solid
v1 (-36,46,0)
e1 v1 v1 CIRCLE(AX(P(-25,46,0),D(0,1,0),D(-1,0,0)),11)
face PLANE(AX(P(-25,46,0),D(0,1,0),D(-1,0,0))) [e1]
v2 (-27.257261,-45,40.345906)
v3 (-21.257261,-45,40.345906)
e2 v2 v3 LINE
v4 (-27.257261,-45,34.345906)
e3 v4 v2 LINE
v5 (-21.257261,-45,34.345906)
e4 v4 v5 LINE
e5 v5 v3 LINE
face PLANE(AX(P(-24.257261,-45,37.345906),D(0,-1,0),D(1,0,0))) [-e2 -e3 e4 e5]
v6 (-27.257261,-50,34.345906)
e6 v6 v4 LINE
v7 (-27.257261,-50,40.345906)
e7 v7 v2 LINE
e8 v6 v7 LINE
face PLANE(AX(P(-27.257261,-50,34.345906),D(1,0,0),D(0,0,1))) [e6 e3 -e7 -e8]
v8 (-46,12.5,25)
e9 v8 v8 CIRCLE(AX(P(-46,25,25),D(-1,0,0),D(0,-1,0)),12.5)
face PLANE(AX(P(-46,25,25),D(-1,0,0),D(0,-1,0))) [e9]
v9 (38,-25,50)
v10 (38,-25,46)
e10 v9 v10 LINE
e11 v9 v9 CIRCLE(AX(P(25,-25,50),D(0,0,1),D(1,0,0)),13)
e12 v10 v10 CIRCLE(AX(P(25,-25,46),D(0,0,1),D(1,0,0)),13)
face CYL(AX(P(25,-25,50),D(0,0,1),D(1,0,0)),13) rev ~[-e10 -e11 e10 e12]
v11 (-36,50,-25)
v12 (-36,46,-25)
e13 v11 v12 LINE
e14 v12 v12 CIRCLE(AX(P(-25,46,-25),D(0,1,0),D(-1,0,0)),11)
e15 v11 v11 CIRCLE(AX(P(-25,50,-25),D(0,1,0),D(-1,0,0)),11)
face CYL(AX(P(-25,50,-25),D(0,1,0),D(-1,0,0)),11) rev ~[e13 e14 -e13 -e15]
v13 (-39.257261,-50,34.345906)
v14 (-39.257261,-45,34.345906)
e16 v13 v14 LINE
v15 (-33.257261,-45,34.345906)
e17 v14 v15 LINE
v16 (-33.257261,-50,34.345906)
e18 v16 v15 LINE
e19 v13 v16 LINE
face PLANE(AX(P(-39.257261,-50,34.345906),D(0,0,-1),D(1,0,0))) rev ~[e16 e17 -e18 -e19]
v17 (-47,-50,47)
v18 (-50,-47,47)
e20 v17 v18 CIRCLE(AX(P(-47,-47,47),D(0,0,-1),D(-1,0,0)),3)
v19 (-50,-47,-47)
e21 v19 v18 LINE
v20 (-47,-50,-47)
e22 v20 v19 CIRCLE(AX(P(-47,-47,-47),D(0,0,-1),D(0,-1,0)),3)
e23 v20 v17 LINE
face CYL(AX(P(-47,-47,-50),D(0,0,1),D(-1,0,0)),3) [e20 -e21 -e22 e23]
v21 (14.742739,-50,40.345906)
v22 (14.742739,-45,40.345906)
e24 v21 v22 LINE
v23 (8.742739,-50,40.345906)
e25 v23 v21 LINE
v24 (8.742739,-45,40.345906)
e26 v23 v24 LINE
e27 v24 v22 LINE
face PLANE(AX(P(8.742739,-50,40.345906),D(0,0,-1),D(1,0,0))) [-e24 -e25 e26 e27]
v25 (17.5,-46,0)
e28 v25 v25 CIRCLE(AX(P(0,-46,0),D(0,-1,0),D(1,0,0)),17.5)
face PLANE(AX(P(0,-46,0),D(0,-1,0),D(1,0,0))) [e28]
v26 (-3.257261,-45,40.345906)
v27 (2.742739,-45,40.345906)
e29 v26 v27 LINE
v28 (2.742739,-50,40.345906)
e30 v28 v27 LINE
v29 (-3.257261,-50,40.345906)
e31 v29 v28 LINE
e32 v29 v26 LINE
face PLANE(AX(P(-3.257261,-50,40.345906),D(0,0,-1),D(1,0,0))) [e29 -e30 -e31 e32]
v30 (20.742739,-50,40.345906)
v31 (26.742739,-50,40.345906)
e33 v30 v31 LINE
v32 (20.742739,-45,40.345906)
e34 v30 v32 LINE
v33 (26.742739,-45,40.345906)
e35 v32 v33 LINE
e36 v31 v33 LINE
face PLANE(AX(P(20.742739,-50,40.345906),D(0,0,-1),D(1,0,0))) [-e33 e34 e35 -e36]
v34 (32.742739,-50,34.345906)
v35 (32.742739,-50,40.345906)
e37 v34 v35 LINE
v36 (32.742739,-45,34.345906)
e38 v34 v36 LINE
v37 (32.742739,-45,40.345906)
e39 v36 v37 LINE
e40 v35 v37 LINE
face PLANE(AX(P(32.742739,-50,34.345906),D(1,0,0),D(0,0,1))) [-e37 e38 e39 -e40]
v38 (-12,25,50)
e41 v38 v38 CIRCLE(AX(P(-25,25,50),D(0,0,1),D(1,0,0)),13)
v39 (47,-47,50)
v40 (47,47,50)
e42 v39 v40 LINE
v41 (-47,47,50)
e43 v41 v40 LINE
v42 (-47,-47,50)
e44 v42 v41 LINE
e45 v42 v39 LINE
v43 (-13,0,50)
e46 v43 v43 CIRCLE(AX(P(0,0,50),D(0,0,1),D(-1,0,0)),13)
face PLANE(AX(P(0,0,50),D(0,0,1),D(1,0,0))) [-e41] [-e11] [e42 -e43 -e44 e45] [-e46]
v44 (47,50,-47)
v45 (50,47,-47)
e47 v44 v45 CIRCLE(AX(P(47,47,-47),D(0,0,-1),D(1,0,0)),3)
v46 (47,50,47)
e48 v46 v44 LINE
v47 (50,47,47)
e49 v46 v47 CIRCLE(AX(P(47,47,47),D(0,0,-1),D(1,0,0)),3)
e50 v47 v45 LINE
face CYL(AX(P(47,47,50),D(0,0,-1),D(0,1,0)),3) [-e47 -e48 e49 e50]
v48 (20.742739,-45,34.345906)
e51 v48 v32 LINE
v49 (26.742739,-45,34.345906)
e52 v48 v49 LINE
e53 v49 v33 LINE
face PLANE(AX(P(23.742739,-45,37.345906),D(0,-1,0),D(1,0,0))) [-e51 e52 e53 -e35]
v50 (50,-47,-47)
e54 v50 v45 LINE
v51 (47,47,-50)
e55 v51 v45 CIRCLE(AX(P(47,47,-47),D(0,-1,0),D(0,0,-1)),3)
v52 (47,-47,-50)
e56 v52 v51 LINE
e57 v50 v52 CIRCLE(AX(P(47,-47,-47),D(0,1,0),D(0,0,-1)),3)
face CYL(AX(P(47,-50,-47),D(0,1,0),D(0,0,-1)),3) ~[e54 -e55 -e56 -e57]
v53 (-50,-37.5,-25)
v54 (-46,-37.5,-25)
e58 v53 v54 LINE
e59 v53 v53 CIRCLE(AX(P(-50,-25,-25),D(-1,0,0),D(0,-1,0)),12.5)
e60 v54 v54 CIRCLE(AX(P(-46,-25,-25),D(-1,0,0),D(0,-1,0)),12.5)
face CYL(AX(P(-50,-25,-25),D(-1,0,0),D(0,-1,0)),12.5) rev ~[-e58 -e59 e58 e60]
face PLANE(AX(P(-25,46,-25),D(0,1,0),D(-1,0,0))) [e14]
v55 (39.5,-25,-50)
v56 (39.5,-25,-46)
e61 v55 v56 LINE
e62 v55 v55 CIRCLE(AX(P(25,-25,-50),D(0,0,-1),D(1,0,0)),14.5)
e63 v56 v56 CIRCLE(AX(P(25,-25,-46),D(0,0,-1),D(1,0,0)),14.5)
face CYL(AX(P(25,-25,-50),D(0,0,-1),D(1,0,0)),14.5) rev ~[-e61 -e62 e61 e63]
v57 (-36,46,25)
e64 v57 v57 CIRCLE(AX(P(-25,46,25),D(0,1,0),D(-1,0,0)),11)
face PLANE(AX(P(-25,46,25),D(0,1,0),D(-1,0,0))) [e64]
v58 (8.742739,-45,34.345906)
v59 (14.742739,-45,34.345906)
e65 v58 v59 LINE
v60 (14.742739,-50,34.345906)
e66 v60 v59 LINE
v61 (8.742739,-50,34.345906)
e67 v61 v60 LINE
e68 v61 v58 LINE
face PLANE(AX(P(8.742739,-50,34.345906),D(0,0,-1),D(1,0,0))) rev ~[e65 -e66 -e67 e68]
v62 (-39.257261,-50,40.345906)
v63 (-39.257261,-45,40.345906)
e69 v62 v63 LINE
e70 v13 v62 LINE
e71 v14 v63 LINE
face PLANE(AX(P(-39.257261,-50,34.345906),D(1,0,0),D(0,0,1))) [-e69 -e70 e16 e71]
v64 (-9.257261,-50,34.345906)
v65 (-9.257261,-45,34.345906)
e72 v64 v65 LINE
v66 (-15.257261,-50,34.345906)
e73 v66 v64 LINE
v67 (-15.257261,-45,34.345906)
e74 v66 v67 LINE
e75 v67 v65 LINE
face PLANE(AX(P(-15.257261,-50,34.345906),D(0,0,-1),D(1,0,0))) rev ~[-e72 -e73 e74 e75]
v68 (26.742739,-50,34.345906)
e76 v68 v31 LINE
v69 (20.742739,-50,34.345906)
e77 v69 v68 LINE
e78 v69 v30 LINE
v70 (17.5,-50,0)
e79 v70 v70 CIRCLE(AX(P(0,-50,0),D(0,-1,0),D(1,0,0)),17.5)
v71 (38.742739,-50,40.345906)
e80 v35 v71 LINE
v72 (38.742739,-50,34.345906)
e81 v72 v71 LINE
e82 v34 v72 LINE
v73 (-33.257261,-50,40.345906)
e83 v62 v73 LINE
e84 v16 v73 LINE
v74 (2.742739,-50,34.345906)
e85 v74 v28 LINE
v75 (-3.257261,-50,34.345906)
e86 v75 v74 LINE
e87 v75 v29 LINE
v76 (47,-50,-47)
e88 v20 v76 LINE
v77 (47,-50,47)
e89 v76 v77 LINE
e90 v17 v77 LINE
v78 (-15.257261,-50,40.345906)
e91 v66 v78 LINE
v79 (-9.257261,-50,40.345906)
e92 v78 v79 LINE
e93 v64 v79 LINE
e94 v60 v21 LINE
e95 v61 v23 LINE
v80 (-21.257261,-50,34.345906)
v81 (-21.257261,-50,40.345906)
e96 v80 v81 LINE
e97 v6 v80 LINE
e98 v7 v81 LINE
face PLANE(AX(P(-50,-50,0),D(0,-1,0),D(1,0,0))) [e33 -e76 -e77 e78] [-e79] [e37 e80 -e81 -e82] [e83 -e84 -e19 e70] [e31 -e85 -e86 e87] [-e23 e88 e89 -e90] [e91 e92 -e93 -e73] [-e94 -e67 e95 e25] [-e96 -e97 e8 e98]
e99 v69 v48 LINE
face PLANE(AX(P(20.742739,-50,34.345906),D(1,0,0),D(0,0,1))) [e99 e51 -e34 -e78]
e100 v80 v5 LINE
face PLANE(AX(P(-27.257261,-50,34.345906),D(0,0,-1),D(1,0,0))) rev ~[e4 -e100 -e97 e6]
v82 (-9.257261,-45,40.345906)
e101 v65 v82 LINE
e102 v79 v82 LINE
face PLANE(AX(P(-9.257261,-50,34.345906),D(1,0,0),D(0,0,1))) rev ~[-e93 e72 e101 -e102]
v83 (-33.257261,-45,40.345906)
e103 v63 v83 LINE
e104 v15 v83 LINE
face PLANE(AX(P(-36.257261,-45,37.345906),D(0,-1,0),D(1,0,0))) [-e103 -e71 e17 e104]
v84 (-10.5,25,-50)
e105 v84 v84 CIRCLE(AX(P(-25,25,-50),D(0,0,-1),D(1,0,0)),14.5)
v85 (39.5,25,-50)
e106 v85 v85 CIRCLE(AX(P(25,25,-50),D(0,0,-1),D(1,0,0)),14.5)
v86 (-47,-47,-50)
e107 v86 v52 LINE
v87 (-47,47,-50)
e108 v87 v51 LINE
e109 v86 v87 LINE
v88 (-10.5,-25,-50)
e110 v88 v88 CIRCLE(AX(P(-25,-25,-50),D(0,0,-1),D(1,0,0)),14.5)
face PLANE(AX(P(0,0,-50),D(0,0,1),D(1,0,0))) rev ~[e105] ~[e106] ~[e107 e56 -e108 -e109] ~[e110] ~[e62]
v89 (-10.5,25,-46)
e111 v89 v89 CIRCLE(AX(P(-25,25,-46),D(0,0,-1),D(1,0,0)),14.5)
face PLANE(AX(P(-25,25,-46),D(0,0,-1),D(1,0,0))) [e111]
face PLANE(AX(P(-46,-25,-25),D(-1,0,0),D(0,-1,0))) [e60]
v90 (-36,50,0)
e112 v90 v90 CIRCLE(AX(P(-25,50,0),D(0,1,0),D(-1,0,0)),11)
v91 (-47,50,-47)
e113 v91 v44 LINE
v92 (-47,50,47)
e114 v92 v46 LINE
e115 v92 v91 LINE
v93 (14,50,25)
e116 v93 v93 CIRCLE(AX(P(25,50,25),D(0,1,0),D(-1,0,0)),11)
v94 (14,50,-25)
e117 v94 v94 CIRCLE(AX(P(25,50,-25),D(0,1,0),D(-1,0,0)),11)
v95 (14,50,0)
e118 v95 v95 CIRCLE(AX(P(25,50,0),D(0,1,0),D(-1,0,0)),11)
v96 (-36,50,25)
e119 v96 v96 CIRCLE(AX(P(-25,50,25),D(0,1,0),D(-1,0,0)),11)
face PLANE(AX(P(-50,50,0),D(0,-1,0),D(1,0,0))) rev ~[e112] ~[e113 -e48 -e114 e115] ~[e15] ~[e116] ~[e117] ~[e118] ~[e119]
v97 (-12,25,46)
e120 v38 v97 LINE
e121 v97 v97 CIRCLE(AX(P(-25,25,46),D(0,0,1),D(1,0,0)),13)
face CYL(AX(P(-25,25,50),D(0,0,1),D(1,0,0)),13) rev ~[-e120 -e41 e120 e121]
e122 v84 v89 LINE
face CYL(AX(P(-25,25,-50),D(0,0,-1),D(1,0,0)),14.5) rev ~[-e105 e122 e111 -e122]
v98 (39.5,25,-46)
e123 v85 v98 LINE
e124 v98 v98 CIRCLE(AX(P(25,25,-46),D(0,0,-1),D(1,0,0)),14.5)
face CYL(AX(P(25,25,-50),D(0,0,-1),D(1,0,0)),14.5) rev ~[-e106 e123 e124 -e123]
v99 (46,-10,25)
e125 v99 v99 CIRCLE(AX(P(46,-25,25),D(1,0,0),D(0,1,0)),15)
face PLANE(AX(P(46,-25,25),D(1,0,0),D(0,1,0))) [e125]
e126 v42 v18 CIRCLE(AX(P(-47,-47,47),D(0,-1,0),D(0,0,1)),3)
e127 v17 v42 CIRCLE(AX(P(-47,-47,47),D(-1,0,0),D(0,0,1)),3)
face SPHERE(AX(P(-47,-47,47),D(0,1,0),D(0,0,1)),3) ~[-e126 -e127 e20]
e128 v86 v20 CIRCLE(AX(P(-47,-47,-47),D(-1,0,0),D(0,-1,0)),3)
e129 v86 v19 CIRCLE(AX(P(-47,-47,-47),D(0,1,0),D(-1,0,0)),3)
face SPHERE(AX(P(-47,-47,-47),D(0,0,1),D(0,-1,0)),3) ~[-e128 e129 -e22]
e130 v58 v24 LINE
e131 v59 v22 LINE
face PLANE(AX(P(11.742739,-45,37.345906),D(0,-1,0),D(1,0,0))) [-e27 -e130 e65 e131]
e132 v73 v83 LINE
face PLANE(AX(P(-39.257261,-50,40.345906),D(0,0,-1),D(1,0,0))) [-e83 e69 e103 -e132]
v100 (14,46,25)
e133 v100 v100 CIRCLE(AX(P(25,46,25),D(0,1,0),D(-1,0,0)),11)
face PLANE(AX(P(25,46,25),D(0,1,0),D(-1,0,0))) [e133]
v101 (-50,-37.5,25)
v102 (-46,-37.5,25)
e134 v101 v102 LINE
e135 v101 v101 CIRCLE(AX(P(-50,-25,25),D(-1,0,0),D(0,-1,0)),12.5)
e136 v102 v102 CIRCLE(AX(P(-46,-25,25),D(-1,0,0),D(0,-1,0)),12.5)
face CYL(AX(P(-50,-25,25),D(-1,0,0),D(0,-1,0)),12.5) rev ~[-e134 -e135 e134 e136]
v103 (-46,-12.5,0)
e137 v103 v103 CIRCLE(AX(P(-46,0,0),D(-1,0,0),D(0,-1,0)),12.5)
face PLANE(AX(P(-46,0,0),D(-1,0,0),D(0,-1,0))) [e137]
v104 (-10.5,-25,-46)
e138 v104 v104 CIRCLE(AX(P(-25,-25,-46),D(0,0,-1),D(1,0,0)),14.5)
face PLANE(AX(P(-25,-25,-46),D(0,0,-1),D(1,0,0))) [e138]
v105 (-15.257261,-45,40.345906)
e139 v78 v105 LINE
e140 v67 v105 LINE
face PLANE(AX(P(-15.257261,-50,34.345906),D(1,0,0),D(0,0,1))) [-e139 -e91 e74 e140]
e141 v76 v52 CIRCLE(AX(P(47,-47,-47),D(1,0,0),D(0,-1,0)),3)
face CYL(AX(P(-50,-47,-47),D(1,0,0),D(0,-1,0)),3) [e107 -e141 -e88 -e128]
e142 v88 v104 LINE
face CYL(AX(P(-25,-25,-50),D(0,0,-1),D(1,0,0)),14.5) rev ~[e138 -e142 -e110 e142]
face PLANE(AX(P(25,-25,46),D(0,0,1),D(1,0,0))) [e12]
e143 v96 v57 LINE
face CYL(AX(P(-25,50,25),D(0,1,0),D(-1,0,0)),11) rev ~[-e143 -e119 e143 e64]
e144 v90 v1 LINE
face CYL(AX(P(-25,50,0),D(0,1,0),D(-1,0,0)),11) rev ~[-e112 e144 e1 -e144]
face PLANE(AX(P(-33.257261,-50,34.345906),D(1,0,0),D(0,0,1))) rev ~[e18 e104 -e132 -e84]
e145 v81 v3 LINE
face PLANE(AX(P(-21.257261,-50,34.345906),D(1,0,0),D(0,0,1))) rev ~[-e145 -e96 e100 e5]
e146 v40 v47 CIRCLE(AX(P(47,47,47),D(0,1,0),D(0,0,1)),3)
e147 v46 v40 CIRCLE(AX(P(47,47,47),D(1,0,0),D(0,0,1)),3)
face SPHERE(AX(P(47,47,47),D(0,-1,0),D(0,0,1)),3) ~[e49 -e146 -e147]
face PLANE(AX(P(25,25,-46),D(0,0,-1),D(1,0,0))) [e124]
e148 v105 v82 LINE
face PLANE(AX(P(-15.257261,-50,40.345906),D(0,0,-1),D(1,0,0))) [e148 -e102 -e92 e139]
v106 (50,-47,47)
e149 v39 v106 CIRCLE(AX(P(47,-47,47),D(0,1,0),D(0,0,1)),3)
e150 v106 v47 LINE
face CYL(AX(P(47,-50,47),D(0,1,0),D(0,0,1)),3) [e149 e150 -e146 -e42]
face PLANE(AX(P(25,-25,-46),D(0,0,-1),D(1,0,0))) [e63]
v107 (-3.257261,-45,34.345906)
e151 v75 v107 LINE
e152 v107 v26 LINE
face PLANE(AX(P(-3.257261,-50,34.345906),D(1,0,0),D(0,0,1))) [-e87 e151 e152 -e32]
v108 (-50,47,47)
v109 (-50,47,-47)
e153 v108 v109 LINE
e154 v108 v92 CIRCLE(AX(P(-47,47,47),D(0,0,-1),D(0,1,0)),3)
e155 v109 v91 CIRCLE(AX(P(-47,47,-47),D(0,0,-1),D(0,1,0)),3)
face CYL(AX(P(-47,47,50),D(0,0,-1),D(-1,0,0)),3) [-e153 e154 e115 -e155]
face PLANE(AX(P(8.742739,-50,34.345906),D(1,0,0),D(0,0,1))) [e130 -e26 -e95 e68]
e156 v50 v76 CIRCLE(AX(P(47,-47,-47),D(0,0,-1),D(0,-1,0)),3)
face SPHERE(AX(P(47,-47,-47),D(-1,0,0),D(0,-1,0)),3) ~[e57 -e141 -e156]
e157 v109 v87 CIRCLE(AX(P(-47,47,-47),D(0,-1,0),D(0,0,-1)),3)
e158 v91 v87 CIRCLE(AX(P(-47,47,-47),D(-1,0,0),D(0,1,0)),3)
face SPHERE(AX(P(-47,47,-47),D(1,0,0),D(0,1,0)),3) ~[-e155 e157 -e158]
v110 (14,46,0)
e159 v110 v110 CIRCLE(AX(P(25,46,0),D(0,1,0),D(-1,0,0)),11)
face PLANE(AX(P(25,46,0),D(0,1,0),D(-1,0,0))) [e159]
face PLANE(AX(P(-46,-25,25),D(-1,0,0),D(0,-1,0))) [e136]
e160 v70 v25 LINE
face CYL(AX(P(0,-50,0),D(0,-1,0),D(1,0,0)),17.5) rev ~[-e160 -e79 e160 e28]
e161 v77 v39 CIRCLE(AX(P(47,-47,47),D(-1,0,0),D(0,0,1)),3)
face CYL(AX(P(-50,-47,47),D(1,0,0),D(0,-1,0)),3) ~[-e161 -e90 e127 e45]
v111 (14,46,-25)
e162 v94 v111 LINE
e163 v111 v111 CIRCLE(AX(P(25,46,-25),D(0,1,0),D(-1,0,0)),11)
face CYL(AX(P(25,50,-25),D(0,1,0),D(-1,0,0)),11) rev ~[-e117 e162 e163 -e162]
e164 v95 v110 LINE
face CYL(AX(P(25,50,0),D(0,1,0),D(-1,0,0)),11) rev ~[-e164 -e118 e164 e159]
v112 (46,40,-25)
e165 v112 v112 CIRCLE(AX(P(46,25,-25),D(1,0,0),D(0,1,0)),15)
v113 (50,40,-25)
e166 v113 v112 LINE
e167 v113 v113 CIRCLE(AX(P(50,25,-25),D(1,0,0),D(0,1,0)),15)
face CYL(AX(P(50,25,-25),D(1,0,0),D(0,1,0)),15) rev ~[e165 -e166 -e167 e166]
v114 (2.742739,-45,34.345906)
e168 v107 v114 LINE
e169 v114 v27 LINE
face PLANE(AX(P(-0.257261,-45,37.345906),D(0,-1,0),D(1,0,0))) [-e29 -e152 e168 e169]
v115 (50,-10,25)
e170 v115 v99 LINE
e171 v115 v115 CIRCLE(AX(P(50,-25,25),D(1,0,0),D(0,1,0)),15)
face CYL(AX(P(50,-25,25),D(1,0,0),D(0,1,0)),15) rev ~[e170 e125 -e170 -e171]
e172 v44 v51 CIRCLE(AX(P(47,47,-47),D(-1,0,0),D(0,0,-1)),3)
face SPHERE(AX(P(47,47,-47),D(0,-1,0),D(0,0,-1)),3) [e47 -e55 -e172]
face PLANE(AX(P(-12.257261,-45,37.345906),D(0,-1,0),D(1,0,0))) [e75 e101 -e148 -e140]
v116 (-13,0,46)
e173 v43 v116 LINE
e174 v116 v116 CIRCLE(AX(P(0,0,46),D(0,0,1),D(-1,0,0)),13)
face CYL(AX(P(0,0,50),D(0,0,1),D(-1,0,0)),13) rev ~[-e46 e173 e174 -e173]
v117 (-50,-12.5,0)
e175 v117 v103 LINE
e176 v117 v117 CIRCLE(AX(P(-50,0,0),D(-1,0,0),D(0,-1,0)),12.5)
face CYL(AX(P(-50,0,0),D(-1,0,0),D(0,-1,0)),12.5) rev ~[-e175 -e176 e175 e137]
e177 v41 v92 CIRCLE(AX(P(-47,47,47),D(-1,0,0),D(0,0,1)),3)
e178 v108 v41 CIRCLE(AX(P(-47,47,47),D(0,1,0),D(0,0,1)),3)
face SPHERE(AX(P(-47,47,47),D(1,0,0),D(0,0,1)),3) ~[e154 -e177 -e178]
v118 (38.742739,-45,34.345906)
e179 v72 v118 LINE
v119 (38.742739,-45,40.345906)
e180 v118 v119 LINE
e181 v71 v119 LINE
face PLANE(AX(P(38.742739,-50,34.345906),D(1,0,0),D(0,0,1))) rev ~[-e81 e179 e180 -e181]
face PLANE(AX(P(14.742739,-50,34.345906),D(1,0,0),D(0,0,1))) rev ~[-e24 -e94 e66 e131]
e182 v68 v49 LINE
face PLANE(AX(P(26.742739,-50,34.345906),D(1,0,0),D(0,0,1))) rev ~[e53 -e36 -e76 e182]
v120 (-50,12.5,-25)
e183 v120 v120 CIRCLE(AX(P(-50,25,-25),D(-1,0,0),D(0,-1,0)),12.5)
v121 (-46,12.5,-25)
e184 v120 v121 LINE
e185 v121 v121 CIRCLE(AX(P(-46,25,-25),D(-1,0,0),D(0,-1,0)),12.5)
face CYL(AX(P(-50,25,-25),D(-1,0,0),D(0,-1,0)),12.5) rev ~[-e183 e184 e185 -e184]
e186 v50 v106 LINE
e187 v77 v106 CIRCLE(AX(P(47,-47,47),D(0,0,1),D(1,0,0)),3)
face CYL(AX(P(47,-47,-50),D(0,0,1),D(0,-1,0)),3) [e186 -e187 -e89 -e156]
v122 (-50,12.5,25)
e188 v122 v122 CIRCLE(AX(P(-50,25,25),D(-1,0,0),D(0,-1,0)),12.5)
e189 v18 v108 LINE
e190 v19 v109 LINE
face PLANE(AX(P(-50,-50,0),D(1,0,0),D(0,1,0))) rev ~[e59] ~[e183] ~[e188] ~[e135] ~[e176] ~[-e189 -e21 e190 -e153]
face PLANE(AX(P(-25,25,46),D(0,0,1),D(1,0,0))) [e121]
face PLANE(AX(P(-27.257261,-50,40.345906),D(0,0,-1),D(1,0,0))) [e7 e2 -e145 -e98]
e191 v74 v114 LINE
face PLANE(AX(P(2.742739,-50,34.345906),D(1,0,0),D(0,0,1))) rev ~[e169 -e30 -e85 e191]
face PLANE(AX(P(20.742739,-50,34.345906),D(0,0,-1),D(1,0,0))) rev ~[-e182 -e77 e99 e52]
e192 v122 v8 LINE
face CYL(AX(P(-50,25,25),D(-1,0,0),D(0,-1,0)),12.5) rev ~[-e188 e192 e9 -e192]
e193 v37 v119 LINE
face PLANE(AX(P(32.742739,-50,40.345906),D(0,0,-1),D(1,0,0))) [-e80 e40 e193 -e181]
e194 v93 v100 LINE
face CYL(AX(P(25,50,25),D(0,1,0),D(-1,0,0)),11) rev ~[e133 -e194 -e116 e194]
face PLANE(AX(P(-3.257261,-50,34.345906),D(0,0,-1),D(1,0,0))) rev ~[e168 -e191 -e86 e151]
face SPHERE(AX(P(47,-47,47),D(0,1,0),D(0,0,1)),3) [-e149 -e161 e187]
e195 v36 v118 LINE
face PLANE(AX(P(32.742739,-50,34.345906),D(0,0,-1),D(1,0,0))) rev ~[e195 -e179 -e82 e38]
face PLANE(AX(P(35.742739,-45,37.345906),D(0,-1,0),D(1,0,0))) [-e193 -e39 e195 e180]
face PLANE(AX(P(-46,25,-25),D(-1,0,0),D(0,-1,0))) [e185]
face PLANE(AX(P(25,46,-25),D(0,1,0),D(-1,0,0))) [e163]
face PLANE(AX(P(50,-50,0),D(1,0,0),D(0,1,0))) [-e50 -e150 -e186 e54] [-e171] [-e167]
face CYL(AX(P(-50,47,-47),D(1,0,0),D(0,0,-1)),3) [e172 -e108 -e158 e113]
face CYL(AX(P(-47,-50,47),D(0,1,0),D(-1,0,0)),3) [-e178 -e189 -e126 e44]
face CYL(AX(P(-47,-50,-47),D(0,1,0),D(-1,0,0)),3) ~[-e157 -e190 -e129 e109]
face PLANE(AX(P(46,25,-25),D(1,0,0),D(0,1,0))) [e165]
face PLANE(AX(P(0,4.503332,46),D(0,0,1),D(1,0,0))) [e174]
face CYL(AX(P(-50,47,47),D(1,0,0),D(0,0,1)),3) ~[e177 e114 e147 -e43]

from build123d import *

# Parameters (mm, degrees)
F0_W      = 100
F0_H      = 100
F1_DEPTH  = 50
F2_R      = 17.5
F3_DEPTH  = 4
F4_R      = 15
F5_DEPTH  = 4
F6_R      = 13
F7_DEPTH  = 4
F8_R      = 14.5
F9_DEPTH  = 4
F10_R     = 12.5
F11_DEPTH = 4
F12_R     = 11
F13_DEPTH = 4
F14_R     = 3
F15_W     = 6
F15_H     = 6
F16_DEPTH = 5


with BuildPart() as f1:
    # F0 (on Top) → F1 (new body, symmetric)
    with BuildSketch(Plane.XY):
        Rectangle(F0_W, F0_H)
    extrude(amount=F1_DEPTH, both=True)

    # F2 (on face) → F3 (cut)
    with BuildSketch(Plane.XZ.offset(50)):
        Circle(F2_R)
    extrude(amount=-F3_DEPTH, mode=Mode.SUBTRACT)

    # F4 (on face) → F5 (cut)
    with BuildSketch(Plane.YZ.offset(50)):
        with Locations((-25, 25)):
            Circle(F4_R)
        with Locations((25, -25)):
            Circle(F4_R)
    extrude(amount=-F5_DEPTH, mode=Mode.SUBTRACT)

    # F6 (on face) → F7 (cut)
    with BuildSketch(Plane.XY.offset(50)):
        with Locations((-25, 25)):
            Circle(F6_R)
        with BuildLine():
            Line((-13, 0), (13, 0))
            ThreePointArc((13, 0), (0, 13), (-13, 0))
        make_face()
        with BuildLine():
            ThreePointArc((-13, 0), (0, -13), (13, 0))
            Line((13, 0), (-13, 0))
        make_face()
        with Locations((25, -25)):
            Circle(F6_R)
    extrude(amount=-F7_DEPTH, mode=Mode.SUBTRACT)

    # F8 (on face) → F9 (cut)
    with BuildSketch(Plane(origin=(0, 0, -50), x_dir=(1, 0, 0), z_dir=(0, 0, -1))):
        with Locations((-25, 25)):
            Circle(F8_R)
        with Locations((25, 25)):
            Circle(F8_R)
        with Locations((-25, -25)):
            Circle(F8_R)
        with Locations((25, -25)):
            Circle(F8_R)
    extrude(amount=-F9_DEPTH, mode=Mode.SUBTRACT)

    # F10 (on face) → F11 (cut)
    with BuildSketch(Plane(origin=(-50, 0, 0), x_dir=(0, -1, 0), z_dir=(-1, 0, 0))):
        Circle(F10_R)
        with Locations((25, 25)):
            Circle(F10_R)
        with Locations((-25, 25)):
            Circle(F10_R)
        with Locations((-25, -25)):
            Circle(F10_R)
        with Locations((25, -25)):
            Circle(F10_R)
    extrude(amount=-F11_DEPTH, mode=Mode.SUBTRACT)

    # F12 (on face) → F13 (cut)
    with BuildSketch(Plane(origin=(0, 50, 0), x_dir=(-1, 0, 0), z_dir=(0, 1, 0))):
        with Locations((-25, 0)):
            Circle(F12_R)
        with Locations((-25, 25)):
            Circle(F12_R)
        with Locations((-25, -25)):
            Circle(F12_R)
        with Locations((25, -25)):
            Circle(F12_R)
        with Locations((25, 0)):
            Circle(F12_R)
        with Locations((25, 25)):
            Circle(F12_R)
    extrude(amount=-F13_DEPTH, mode=Mode.SUBTRACT)

    # F14
    f14_edges = [f1.edges().sort_by_distance(p)[0] for p in [
        (50, 0, 50),
        (0, 50, 50),
        (-50, 0, 50),
        (0, -50, 50),
        (-50, -50, 0),
        (0, -50, -50),
        (50, -50, 0),
        (50, 0, -50),
        (0, 50, -50),
        (50, 50, 0),
        (-50, 50, 0),
        (-50, 0, -50),
    ]]
    fillet(f14_edges, radius=F14_R)

    # F15 (on face) → F16 (cut)
    with BuildSketch(Plane.XZ.offset(50)):
        with Locations((-36.2572609186, 37.3459062278)):
            Rectangle(F15_W, F15_H)
        with Locations((-24.2572609186, 37.3459062278)):
            Rectangle(F15_W, F15_H)
        with Locations((-12.2572609186, 37.3459062278)):
            Rectangle(F15_W, F15_H)
        with Locations((-0.2572609186, 37.3459062278)):
            Rectangle(F15_W, F15_H)
        with Locations((11.7427390814, 37.3459062278)):
            Rectangle(F15_W, F15_H)
        with Locations((23.7427390814, 37.3459062278)):
            Rectangle(F15_W, F15_H)
        with Locations((35.7427390814, 37.3459062278)):
            Rectangle(F15_W, F15_H)
    extrude(amount=-F16_DEPTH, mode=Mode.SUBTRACT)


solid = f1.part
